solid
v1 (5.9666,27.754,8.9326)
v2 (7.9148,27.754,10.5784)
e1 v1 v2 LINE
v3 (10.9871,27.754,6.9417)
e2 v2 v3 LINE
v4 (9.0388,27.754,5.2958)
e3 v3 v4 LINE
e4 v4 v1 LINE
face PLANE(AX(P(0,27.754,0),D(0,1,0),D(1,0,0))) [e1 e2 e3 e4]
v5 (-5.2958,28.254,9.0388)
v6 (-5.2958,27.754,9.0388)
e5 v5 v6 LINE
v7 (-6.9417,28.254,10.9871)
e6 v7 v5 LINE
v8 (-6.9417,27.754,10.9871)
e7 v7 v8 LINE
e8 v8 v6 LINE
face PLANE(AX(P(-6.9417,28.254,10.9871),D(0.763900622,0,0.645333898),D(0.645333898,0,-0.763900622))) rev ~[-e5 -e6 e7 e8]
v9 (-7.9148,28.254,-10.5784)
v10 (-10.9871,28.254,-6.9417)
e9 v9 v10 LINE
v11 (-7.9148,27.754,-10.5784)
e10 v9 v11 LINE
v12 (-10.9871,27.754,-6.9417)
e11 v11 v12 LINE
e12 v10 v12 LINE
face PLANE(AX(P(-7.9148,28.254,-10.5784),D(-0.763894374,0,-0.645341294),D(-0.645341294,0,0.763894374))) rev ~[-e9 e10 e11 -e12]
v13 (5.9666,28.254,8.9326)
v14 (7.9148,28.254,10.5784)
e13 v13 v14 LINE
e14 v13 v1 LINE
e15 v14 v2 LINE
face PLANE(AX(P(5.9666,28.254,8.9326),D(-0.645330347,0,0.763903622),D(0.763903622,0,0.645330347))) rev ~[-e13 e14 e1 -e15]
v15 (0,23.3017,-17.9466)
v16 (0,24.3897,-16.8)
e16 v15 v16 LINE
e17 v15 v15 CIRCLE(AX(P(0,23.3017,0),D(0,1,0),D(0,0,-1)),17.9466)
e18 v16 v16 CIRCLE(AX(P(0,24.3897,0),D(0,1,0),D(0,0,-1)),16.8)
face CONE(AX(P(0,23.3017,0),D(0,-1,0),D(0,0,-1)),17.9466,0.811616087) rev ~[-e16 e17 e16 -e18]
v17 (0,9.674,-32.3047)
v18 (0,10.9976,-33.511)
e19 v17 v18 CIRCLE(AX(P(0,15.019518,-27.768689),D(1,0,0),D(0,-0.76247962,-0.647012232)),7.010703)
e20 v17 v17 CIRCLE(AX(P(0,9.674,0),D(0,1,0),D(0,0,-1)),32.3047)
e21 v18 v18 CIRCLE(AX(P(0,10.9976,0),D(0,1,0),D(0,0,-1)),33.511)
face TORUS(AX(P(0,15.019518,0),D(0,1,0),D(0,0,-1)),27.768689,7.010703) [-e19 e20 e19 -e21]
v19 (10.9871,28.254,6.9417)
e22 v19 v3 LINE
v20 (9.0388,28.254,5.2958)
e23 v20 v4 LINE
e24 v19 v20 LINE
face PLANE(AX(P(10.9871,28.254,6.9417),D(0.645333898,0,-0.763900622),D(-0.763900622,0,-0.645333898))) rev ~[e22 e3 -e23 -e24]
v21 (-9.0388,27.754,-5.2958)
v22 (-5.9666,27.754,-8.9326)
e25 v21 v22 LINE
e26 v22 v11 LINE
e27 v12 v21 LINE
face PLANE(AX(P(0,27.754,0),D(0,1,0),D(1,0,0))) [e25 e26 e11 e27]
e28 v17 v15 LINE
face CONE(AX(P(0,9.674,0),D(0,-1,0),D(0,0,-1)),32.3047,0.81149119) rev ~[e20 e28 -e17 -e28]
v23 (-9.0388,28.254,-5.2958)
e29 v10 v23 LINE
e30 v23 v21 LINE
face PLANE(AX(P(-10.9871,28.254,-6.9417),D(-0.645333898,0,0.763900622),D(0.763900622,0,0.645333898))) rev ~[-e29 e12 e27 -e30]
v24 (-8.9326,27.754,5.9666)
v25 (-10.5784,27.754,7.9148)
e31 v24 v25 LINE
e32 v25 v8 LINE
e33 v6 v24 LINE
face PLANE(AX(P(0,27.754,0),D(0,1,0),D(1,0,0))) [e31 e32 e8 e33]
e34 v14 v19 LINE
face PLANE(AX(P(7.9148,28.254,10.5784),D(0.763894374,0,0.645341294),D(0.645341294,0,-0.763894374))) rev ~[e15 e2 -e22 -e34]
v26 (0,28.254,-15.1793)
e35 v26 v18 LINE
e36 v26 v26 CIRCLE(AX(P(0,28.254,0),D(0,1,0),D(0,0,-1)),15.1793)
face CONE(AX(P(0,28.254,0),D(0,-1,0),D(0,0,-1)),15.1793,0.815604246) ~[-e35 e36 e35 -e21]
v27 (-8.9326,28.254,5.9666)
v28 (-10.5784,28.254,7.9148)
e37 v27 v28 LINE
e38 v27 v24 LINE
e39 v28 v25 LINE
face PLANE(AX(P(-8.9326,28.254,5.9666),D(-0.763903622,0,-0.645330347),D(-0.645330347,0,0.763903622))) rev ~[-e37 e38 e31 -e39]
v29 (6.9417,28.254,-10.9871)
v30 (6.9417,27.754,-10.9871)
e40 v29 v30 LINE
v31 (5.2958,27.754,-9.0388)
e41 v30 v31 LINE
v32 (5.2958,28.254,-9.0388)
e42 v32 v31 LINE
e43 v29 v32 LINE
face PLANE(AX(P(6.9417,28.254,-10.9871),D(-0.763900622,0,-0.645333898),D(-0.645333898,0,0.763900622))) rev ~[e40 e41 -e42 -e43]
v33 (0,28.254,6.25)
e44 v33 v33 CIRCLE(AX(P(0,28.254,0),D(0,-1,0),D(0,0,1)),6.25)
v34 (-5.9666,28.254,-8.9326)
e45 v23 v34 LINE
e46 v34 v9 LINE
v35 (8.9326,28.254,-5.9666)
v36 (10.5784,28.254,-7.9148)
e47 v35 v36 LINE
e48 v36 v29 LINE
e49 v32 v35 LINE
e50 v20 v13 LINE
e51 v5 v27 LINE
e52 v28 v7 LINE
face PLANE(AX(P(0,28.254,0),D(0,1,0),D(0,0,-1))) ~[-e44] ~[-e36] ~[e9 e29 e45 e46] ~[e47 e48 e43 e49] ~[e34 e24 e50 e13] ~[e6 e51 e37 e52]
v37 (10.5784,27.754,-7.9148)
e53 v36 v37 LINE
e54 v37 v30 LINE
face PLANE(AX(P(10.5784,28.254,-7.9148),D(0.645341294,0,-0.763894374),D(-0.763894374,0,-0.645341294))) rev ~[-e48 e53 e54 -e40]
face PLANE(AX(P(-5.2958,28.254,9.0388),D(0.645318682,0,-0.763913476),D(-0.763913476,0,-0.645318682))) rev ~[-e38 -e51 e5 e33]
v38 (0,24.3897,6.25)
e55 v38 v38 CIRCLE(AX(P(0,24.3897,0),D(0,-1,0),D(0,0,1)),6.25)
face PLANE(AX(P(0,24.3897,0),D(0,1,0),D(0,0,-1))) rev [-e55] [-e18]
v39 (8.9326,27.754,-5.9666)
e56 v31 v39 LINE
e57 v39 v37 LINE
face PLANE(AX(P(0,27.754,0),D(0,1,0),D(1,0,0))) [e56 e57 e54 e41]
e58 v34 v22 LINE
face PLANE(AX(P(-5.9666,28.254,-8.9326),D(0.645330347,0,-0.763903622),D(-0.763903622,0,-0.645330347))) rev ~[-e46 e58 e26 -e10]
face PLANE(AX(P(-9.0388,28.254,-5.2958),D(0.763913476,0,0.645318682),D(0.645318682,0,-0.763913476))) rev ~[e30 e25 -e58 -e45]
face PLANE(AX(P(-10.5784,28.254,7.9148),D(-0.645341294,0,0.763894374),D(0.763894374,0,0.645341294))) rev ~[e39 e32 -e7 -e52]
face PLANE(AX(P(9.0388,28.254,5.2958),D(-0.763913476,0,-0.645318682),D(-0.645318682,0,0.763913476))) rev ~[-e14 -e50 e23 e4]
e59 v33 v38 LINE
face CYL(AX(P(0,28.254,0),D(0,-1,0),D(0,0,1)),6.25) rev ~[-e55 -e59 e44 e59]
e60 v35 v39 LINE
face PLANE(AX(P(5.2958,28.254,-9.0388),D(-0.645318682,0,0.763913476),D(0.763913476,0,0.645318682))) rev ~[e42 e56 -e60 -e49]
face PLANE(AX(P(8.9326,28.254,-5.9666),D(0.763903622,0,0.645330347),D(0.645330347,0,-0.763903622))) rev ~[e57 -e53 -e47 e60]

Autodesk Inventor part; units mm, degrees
ref_plane "YZ Plane" through (0, 0, 0) normal (1, 0, 0) x (0, 1, 0)
ref_plane "XZ Plane" through (0, 0, 0) normal (0, 1, 0) x (-1, 0, 0)
ref_plane "XY Plane" through (0, 0, 0) normal (0, 0, 1) x (1, 0, 0)
sketch "Sketch1" plane through (0, 0, 0) normal (1, 0, 0) x (0, 1, 0)
  line L0 (9.0511, -31.5552) -> (23.3, -16.54)
  line L1 (23.3, -16.54) -> (23.3033, -19.3531)
  line L2 (10.3088, -33.0443) -> (23.3033, -19.3531)
  arc A0 (9.0511, -31.5552) -> (10.3088, -33.0443) centre (56.5754, 7.3116) ccw
  line L3 (9.674, -32.3047) -> (23.3017, -17.9466)
  line L4 (0, 0) -> (23.3, 0)
  line L5 (0, 0) -> (25.6397, 0)
  line L6 (23.3, 0) -> (23.3, -16.54)
  line L7 (23.3, -16.54) -> (15.899, -24.339)
  line L8 (23.3033, -19.3531) -> (25.6397, -16.8915)
  line L9 (23.3, 0) -> (24.3897, 0)
  line L10 (24.3897, 0) -> (24.3897, -16.8)
  line L11 (23.3017, -17.9466) -> (24.3897, -16.8)
  line L12 (25.6397, 0) -> (25.6397, -16.8915)
  line L13 (25.6397, 0) -> (28.254, 0)
  line L14 (28.254, 0) -> (28.254, -15.1793)
  line L15 (28.254, -15.1793) -> (10.9078, -33.6064)
  arc A1 (10.3088, -33.0443) -> (10.9078, -33.6064) centre (31.8453, -10.6914) ccw
  arc A2 (9.674, -32.3047) -> (10.9976, -33.511) centre (15.0193, -27.7689) ccw
  dimension "d0" = 23.3
  dimension "d1" = 16.54
  dimension "d2" = 18.8761
  dimension "d3" = 20.7
  dimension "d4" = 61.3938
  dimension "d5" = 2.8131
  dimension "d6" = 136.5
  dimension "d18" = 16.8
  dimension "d19" = 1.25
  dimension "d22" = 0.9746
  dimension "d25" = 1.9491
revolve "Revolution1" add sketch "Sketch1" angle 360 about axis through (0, 0, 0) along (0, 1, 0) contours L3 L1 L2 A2 | L11 L10 L5 L12 L8 L1 | L2 L8 L12 L13 L14 L15 A2
sketch "Sketch3" plane through (0, 28.254, 0) normal (0, 1, 0) x (1, 0, 0)
  point P0 (0, 0)
hole "Hole2" at (0, 28.254, 0) direction (0, -1, 0) diameter 12.5 end through all
sketch "Sketch4" plane through (0, 28.254, 0) normal (0, 1, 0) x (1, 0, 0)
  line L0 (-5.9666, 8.9326) -> (-7.9148, 10.5784)
  line L1 (-7.9148, 10.5784) -> (-10.9871, 6.9417)
  line L2 (-10.9871, 6.9417) -> (-9.0388, 5.2958)
  line L3 (-9.0388, 5.2958) -> (-5.9666, 8.9326)
  line L4 (-6.9417, -10.9871) -> (-5.2958, -9.0388)
  line L5 (-8.9326, -5.9666) -> (-10.5784, -7.9148)
  line L6 (-10.5784, -7.9148) -> (-6.9417, -10.9871)
  line L7 (-5.2958, -9.0388) -> (-8.9326, -5.9666)
  line L8 (10.9871, -6.9417) -> (9.0388, -5.2958)
  line L9 (5.9666, -8.9326) -> (7.9148, -10.5784)
  line L10 (7.9148, -10.5784) -> (10.9871, -6.9417)
  line L11 (9.0388, -5.2958) -> (5.9666, -8.9326)
  line L12 (6.9417, 10.9871) -> (5.2958, 9.0388)
  line L13 (8.9326, 5.9666) -> (10.5784, 7.9148)
  line L14 (10.5784, 7.9148) -> (6.9417, 10.9871)
  line L15 (5.2958, 9.0388) -> (8.9326, 5.9666)
  point P0 (0, 0)
  point P1 (-10.0129, 6.1188)
  point P2 (-6.1188, -10.0129)
  point P3 (10.0129, -6.1188)
  point P4 (6.1188, 10.0129)
  dimension "d33" = 4.7607
  dimension "d34" = 2.5504
  dimension "d35" = 5.2958
  dimension "d36" = 9.0388
  dimension "d37" = 6.1188
  dimension "d40" = 360
extrude "Extrusion1" cut sketch "Sketch4" against normal blind 0.5
properties part number "Back Cover"
